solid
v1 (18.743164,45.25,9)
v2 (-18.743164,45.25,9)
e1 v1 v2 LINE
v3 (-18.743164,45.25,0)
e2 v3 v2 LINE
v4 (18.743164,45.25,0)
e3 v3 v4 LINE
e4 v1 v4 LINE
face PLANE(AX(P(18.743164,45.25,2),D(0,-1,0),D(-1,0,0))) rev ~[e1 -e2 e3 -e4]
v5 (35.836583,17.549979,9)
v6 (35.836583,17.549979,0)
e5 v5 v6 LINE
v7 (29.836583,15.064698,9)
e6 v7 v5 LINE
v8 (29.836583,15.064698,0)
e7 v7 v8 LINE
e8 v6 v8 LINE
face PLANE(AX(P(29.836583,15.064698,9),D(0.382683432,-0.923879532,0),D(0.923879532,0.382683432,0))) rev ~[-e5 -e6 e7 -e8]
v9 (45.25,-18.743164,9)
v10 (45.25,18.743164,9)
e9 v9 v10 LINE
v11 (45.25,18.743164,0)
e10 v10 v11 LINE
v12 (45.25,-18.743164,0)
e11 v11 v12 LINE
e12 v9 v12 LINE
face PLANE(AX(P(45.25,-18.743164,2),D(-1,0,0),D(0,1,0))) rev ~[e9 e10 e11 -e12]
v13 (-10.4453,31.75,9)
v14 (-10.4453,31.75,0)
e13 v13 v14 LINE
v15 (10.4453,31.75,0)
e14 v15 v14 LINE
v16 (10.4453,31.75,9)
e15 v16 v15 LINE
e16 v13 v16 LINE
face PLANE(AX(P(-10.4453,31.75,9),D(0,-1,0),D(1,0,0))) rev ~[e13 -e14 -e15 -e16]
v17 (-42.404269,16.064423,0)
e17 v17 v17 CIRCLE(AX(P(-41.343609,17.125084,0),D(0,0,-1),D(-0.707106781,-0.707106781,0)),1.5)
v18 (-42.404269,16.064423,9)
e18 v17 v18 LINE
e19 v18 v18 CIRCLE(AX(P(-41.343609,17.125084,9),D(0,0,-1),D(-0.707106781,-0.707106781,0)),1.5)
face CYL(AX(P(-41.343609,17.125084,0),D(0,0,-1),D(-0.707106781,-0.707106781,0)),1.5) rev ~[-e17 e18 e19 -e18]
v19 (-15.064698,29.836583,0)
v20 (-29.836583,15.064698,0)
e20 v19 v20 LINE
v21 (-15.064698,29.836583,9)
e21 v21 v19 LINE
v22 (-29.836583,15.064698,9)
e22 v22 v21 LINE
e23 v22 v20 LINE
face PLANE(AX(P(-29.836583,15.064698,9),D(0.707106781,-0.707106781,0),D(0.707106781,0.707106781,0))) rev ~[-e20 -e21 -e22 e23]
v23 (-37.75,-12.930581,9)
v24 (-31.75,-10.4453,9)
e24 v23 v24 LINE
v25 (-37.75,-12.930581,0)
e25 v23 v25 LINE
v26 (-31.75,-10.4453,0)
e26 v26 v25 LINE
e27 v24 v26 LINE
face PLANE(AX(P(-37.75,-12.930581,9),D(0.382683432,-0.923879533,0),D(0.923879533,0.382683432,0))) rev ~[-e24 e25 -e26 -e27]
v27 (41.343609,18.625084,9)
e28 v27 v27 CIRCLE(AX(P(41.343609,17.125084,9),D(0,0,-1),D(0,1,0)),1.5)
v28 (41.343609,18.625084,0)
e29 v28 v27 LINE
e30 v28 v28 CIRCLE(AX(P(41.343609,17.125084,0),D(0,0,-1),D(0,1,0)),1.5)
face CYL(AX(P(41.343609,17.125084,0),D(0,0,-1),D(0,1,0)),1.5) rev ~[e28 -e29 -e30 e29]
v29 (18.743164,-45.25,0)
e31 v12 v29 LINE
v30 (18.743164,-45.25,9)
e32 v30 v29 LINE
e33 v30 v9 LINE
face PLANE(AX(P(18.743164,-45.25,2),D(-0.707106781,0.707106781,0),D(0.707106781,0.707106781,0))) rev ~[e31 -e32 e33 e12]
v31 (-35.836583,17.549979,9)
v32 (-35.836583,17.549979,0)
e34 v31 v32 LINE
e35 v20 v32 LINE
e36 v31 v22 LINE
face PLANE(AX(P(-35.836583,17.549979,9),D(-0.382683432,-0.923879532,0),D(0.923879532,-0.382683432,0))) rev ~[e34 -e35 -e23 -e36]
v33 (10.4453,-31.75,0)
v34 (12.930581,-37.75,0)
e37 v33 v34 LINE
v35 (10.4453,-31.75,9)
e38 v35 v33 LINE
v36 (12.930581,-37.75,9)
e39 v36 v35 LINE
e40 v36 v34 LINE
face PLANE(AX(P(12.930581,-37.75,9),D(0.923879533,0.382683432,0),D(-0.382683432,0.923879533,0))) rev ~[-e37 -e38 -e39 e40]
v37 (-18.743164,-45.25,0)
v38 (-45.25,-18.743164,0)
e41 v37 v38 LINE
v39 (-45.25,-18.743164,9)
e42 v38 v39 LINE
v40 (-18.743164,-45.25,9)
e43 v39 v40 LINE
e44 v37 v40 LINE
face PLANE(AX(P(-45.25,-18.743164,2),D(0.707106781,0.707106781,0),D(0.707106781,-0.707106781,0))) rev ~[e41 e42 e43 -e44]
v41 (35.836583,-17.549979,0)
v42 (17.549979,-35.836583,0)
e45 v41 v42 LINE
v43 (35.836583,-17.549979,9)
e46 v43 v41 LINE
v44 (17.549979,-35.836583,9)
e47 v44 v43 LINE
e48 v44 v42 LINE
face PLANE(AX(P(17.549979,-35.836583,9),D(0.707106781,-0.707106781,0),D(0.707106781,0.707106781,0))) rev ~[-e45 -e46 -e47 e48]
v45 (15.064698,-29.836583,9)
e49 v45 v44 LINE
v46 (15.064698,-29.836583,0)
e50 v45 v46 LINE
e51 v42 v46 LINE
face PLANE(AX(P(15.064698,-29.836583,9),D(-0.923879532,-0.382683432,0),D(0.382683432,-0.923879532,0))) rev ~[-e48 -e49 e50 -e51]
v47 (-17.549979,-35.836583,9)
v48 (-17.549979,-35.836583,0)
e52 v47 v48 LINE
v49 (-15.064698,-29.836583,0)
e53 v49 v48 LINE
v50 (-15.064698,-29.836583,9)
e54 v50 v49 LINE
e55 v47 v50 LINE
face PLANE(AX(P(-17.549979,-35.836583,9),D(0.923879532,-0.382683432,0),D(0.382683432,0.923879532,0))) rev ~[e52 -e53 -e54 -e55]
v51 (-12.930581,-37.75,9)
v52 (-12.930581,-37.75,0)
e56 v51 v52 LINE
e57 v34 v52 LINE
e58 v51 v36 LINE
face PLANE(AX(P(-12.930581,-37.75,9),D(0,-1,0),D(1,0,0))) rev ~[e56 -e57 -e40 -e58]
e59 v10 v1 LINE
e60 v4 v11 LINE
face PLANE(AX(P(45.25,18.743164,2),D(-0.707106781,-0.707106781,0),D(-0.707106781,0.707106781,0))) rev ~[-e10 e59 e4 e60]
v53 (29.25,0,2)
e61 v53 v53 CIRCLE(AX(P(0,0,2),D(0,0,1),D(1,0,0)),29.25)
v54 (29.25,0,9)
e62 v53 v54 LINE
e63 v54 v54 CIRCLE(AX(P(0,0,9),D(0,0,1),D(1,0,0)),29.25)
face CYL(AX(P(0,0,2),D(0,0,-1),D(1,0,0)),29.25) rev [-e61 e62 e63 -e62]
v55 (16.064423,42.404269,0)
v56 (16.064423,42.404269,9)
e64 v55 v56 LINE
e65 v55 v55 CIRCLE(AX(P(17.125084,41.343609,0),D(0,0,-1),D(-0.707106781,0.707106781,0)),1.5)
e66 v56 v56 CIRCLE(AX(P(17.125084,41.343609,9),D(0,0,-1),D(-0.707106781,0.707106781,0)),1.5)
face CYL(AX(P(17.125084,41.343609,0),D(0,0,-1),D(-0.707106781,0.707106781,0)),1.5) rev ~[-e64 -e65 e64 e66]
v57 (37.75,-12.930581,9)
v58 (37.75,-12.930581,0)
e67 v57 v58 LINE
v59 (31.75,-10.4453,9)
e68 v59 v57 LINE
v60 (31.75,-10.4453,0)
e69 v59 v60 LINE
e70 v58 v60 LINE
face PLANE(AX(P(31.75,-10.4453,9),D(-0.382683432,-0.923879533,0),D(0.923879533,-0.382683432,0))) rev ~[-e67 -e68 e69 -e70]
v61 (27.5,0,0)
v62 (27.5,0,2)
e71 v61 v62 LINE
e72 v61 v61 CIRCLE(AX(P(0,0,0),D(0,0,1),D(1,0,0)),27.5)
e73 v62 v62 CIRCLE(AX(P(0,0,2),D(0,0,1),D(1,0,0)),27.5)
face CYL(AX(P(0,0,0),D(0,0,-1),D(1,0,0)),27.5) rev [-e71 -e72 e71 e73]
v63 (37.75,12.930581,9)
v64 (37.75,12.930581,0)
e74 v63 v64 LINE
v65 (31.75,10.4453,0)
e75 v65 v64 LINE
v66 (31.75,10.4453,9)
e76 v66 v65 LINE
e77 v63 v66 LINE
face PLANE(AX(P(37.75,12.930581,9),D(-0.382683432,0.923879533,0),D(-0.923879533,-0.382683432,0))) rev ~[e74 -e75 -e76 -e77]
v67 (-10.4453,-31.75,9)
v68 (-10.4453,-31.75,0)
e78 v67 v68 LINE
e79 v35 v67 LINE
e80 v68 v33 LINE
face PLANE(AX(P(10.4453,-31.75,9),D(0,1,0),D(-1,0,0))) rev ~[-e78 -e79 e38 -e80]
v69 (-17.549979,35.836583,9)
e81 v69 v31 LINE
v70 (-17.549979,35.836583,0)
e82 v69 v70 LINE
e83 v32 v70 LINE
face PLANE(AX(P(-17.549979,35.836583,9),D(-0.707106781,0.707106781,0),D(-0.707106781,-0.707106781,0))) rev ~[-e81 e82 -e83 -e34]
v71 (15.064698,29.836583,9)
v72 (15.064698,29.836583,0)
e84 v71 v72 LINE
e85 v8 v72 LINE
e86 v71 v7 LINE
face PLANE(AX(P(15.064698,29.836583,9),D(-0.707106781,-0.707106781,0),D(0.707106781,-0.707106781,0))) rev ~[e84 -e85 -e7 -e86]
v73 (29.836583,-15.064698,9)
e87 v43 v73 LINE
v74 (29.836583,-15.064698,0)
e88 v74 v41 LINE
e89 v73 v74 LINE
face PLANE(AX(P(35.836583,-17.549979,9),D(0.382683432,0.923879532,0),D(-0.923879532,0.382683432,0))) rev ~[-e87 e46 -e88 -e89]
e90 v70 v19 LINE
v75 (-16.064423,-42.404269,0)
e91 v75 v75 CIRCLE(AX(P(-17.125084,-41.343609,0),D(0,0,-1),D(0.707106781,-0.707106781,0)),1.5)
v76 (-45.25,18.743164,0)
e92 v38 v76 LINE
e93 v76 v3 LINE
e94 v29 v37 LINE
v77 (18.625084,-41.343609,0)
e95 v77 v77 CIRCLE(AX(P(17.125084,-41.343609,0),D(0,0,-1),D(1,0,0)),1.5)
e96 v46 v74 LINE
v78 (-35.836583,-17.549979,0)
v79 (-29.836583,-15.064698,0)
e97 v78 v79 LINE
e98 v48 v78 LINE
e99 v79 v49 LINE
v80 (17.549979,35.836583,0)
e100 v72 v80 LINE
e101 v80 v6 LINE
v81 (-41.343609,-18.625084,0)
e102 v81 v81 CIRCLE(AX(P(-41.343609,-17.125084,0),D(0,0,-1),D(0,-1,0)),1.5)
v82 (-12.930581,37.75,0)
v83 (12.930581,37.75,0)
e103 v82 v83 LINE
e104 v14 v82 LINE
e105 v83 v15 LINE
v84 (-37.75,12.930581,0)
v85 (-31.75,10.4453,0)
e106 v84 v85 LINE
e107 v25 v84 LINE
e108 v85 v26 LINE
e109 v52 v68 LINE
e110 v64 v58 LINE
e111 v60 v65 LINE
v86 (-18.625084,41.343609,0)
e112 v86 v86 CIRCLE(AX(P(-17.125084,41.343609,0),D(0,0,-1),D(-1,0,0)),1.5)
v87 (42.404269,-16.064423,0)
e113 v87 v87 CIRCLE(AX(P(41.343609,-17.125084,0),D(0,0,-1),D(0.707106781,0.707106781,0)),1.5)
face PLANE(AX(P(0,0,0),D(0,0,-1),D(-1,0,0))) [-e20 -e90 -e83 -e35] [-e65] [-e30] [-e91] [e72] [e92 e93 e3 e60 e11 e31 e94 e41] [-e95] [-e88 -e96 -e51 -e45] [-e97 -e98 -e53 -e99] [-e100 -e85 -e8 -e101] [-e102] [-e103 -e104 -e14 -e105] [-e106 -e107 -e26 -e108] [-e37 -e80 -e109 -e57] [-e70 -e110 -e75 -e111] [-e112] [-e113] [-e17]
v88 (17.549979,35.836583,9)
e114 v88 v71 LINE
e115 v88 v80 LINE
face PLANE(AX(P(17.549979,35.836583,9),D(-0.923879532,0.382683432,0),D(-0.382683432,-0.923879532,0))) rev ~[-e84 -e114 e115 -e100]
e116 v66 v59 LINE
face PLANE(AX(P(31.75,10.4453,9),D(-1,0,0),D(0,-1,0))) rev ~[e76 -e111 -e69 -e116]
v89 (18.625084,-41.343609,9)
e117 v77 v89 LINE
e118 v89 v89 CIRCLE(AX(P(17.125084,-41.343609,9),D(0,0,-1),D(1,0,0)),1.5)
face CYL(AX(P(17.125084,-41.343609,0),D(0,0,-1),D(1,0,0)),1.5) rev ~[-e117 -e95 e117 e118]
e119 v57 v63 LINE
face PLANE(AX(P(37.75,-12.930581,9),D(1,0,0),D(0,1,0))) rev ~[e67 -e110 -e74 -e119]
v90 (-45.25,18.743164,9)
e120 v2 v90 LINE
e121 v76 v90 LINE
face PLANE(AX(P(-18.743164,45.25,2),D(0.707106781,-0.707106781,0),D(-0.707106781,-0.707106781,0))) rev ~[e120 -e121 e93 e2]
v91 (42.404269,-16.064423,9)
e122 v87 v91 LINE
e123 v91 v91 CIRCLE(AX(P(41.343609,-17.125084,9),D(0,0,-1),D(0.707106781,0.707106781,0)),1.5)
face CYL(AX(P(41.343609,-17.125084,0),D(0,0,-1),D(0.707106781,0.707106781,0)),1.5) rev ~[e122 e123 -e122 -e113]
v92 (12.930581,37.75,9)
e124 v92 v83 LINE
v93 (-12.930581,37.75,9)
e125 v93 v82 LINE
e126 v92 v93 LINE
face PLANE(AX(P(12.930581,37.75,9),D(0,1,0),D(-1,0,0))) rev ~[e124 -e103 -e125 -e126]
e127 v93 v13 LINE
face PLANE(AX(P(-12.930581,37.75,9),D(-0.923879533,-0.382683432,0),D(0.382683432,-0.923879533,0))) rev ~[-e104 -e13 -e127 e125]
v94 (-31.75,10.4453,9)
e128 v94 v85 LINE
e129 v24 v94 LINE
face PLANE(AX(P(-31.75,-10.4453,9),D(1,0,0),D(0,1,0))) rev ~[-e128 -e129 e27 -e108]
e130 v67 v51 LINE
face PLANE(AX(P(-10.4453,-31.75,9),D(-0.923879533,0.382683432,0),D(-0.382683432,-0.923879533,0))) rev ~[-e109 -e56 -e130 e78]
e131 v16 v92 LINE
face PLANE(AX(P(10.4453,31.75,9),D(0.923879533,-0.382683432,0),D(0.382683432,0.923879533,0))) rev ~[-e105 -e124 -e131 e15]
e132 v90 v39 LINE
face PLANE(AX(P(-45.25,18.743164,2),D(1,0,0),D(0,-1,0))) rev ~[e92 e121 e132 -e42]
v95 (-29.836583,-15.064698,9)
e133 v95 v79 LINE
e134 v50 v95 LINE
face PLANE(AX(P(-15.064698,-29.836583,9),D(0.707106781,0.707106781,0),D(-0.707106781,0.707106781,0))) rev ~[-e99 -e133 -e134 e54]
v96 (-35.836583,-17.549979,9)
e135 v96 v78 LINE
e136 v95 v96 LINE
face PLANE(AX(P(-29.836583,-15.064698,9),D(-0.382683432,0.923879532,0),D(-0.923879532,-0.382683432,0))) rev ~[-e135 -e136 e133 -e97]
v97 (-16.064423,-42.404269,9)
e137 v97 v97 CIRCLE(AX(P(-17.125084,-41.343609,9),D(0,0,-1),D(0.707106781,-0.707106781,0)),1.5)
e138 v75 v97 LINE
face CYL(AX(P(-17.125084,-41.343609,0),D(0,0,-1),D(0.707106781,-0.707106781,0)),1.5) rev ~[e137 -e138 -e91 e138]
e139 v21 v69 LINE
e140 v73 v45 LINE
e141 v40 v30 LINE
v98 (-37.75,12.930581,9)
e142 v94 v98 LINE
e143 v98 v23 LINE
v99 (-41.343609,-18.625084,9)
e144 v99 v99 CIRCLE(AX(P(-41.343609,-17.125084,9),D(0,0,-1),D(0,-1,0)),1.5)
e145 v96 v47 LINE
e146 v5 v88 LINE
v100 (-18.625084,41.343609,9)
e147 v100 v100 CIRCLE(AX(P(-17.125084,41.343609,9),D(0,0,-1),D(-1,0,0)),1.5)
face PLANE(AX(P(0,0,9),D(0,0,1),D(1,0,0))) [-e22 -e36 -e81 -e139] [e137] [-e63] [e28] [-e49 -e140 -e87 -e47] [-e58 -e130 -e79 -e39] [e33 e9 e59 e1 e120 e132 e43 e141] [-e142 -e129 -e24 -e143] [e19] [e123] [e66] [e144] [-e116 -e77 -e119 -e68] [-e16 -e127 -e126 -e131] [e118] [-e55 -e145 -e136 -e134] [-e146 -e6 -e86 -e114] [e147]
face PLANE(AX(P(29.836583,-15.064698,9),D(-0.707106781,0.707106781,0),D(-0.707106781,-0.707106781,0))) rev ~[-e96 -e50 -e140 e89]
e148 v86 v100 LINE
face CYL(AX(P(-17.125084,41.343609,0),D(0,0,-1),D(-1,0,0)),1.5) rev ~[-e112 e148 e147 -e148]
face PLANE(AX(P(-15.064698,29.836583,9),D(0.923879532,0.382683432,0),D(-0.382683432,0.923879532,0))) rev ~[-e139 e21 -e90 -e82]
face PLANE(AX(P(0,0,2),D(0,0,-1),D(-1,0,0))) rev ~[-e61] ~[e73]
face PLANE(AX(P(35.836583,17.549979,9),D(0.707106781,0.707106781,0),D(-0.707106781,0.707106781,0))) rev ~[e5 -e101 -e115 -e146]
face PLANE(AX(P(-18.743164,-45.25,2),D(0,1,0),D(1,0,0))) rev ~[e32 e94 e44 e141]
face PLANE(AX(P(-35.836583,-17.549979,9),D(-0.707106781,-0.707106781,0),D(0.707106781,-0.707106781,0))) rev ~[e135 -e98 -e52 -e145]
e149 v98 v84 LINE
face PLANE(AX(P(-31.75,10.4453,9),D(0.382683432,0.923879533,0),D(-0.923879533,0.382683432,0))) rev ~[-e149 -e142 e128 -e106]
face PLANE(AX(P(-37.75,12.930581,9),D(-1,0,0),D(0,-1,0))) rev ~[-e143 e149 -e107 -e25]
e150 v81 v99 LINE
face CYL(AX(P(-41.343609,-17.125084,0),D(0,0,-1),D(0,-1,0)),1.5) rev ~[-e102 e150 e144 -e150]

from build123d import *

# Parameters (mm, degrees)
SKETCH1_R           = 27.5
BOSS_EXTRUDE1_DEPTH = 2
SKETCH2_R           = 29.25
BOSS_EXTRUDE2_DEPTH = 7
SKETCH3_R           = 1.5
CUT_EXTRUDE1_DEPTH  = 65.622944842
CIRPATTERN1_COUNT   = 8
CUT_EXTRUDE2_DEPTH  = 65.622944842
CIRPATTERN2_COUNT   = 8


with BuildPart() as part:
    # Sketch1 → Boss-Extrude1 (new body)
    with BuildSketch(Plane.XY):
        Polygon((-45.25, -18.743163697), (-45.25, 18.743163697), (-18.743163697, 45.25), (18.743163697, 45.25), (45.25, 18.743163697), (45.25, -18.743163697), (18.743163697, -45.25), (-18.743163697, -45.25), align=None)
        Circle(SKETCH1_R, mode=Mode.SUBTRACT)
    extrude(amount=BOSS_EXTRUDE1_DEPTH)

    # Sketch2 → Boss-Extrude2 (add)
    with BuildSketch(Plane.XY.offset(2)):
        Polygon((18.743163697, 45.25), (-18.743163697, 45.25), (-45.25, 18.743163697), (-45.25, -18.743163697), (-18.743163697, -45.25), (18.743163697, -45.25), (45.25, -18.743163697), (45.25, 18.743163697), align=None)
        Circle(SKETCH2_R, mode=Mode.SUBTRACT)
    extrude(amount=BOSS_EXTRUDE2_DEPTH)

    # Sketch3 → Cut-Extrude1 (cut, through all)
    with BuildSketch(Plane(origin=(0, 0, 0), x_dir=(-1, 0, 0), z_dir=(0, 0, -1))):
        with Locations((17.125083598, 41.34360908)):
            Circle(SKETCH3_R)
    cut_extrude1 = extrude(amount=-CUT_EXTRUDE1_DEPTH, mode=Mode.SUBTRACT)

    # CirPattern1: Cut-Extrude1 ×8 about axis
    cirpattern1_axis = Axis((0, 0, 0), (0, 0, 1))
    for i in range(1, CIRPATTERN1_COUNT):
        add(cut_extrude1.rotate(cirpattern1_axis, i * 360 / CIRPATTERN1_COUNT), mode=Mode.SUBTRACT)

    # Sketch6 → Cut-Extrude2 (cut, through all)
    with BuildSketch(Plane.XY.offset(9)):
        Polygon((-10.445300105, 31.75), (10.445300105, 31.75), (12.930581479, 37.75), (-12.930581479, 37.75), align=None)
    cut_extrude2 = extrude(amount=-CUT_EXTRUDE2_DEPTH, mode=Mode.SUBTRACT)

    # CirPattern2: Cut-Extrude2 ×8 about axis
    cirpattern2_axis = Axis((0, 0, 0), (0, 0, 1))
    for i in range(1, CIRPATTERN2_COUNT):
        add(cut_extrude2.rotate(cirpattern2_axis, i * 360 / CIRPATTERN2_COUNT), mode=Mode.SUBTRACT)


solid = part.part
